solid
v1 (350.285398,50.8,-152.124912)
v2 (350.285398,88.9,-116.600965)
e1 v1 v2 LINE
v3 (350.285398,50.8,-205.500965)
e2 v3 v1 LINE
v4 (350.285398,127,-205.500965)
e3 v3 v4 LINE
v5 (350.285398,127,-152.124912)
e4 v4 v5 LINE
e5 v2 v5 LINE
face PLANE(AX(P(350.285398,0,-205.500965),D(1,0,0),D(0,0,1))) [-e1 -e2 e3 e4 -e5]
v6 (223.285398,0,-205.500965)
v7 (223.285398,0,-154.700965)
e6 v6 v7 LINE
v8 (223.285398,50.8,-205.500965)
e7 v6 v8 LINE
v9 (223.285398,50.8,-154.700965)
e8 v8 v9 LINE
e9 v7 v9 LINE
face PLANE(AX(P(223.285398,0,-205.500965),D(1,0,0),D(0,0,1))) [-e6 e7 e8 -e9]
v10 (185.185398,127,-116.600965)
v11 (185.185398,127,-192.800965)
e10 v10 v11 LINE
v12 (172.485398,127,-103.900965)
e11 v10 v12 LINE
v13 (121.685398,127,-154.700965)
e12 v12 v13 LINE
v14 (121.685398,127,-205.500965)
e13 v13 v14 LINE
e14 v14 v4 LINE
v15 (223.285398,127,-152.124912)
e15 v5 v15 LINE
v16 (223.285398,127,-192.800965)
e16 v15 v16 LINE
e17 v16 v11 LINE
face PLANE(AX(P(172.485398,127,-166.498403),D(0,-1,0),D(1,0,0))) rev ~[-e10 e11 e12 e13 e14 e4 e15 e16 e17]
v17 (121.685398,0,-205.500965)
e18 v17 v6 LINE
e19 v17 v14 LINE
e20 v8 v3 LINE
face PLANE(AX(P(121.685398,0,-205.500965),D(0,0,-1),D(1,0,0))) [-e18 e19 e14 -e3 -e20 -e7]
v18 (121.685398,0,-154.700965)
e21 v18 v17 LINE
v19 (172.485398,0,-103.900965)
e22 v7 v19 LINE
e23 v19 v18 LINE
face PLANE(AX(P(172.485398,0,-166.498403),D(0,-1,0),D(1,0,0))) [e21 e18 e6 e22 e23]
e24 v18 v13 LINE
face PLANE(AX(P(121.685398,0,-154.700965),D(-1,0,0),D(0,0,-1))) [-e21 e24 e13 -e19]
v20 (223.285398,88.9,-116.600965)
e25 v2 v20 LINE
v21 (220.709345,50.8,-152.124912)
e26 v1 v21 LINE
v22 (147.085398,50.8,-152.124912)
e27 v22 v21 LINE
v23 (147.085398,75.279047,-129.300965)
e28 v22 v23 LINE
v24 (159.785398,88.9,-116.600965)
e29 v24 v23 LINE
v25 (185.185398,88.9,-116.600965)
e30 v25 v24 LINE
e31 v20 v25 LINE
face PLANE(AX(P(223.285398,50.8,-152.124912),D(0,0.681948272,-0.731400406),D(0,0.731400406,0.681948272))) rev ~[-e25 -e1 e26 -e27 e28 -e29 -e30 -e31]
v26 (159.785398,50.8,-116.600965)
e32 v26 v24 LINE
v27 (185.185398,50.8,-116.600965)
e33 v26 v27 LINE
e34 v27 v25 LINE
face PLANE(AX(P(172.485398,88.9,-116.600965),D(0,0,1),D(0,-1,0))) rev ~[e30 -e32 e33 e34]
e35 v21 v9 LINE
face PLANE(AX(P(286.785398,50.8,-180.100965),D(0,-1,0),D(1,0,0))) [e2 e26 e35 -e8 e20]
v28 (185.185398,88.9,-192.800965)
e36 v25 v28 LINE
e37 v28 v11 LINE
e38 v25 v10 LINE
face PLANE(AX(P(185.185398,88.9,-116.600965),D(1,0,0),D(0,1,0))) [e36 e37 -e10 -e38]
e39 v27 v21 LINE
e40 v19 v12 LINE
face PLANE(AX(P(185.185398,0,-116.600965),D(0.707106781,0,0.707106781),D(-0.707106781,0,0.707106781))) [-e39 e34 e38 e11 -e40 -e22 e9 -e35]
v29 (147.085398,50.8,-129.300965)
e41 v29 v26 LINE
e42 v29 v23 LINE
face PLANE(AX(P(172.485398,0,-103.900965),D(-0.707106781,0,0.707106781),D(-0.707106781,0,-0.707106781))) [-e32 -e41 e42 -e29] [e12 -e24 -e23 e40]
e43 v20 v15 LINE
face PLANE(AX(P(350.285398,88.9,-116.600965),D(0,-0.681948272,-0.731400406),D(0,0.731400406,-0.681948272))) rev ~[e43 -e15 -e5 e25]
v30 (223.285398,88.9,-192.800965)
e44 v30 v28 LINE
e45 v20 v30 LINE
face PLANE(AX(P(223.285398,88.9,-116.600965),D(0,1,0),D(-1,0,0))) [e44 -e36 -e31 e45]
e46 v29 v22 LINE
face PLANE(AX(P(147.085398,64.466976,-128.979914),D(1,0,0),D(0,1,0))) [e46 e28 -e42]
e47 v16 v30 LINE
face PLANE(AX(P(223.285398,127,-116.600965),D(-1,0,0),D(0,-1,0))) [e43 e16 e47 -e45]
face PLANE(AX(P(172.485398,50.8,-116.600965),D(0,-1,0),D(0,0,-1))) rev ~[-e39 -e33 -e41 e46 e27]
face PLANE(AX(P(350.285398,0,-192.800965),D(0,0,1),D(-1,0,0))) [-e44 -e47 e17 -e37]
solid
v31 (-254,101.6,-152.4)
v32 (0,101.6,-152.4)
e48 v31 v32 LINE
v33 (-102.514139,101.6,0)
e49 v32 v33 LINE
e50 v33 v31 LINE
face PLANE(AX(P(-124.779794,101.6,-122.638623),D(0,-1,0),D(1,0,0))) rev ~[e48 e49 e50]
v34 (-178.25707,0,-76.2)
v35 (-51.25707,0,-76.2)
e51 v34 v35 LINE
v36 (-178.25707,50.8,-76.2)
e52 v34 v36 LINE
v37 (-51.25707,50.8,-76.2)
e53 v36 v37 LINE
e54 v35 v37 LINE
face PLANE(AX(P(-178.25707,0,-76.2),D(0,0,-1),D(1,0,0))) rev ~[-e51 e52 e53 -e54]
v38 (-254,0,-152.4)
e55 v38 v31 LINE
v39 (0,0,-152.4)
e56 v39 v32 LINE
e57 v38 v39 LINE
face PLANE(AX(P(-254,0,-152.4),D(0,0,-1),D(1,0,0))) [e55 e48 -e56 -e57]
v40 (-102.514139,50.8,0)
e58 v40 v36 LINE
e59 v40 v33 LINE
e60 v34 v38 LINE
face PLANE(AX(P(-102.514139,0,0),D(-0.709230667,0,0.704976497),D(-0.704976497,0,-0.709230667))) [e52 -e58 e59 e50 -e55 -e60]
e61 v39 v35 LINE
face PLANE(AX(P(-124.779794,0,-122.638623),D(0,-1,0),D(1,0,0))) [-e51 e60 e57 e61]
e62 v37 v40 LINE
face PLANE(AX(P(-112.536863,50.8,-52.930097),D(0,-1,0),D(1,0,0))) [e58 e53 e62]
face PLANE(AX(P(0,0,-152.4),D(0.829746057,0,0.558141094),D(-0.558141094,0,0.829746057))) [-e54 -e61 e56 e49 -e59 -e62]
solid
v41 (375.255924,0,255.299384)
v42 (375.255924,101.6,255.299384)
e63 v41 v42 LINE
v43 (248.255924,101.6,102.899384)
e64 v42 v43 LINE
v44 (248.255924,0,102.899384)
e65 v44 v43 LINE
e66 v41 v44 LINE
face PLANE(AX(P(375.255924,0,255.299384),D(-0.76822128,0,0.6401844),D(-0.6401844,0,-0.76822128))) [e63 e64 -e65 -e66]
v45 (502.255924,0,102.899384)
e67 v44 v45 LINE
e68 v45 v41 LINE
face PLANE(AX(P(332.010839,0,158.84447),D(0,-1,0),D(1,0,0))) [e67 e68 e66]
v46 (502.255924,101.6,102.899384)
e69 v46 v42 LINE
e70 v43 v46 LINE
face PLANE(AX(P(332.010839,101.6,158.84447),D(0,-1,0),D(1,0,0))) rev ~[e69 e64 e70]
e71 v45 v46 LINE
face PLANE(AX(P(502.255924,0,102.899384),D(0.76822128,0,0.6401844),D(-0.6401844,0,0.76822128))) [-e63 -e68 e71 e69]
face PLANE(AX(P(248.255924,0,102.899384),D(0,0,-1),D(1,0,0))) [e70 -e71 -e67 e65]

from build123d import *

# Parameters (mm, degrees)
F1_DEPTH  = 101.6
F3_DEPTH  = 50.8
F5_DEPTH  = 101.6
F6_W      = 127
F6_H      = 50.8
F7_DEPTH  = 127
F8_DEPTH  = 50.8
F9_DEPTH  = 50.8
F11_DEPTH = 127
F12_DEPTH = 50.8
F13_DEPTH = 25.4
F14_DEPTH = 76.2


with BuildPart() as f1:
    # F0 (on Front) → F1 (new body)
    with BuildSketch(Plane.XZ):
        Polygon((-254, -152.4), (0, -152.4), (-51.2570695464, -76.2), (-178.2570695464, -76.2), align=None)
        Polygon((-178.2570695464, -76.2), (-51.2570695464, -76.2), (-102.5141390928, 0), align=None)
    extrude(amount=-F1_DEPTH)

    # F2 (on face) → F3 (cut)
    with BuildSketch(Plane.XZ):
        Polygon((-102.5141390928, 0), (-178.2570695464, -76.2), (-51.2570695464, -76.2), align=None)
    extrude(amount=-F3_DEPTH, mode=Mode.SUBTRACT)


with BuildPart() as f5:
    # F4 (on Front) → F5 (new body)
    with BuildSketch(Plane.XZ):
        Polygon((375.2559241105, 255.2993844524), (248.2559241105, 102.8993844524), (375.2559241105, 102.8993844524), align=None)
        Polygon((375.2559241105, 255.2993844524), (375.2559241105, 102.8993844524), (502.2559241105, 102.8993844524), align=None)
    extrude(amount=-F5_DEPTH)


with BuildPart() as f7:
    # F6 (on Front) → F7 (new body)
    with BuildSketch(Plane.XZ):
        Polygon((121.6853982925, -205.5009646893), (223.2853982925, -205.5009646893), (223.2853982925, -154.7009646893), (185.1853982925, -116.6009646893), (172.4853982925, -103.9009646893), (121.6853982925, -154.7009646893), align=None)
        Polygon((223.2853982925, -154.7009646893), (350.2853982925, -154.7009646893), (350.2853982925, -116.6009646893), (185.1853982925, -116.6009646893), align=None)
        with Locations((286.7853982925, -180.1009646893)):
            Rectangle(F6_W, F6_H)
    extrude(amount=-F7_DEPTH)

    # F6 (on Front) → F8 (cut)
    with BuildSketch(Plane.XZ):
        with Locations((286.7853982925, -180.1009646893)):
            Rectangle(F6_W, F6_H)
    extrude(amount=-F8_DEPTH, mode=Mode.SUBTRACT)

    # F6 (on Front) → F9 (cut)
    with BuildSketch(Plane.XZ):
        Polygon((223.2853982925, -154.7009646893), (350.2853982925, -154.7009646893), (350.2853982925, -116.6009646893), (185.1853982925, -116.6009646893), align=None)
    extrude(amount=-F9_DEPTH, mode=Mode.SUBTRACT)

    # F10 (on face) → F11 (cut)
    with BuildSketch(Plane.YZ.offset(350.2853982925)):
        Polygon((50.8, -116.6009646893), (50.8, -152.1249115467), (88.9, -116.6009646893), align=None)
        Polygon((127, -116.6009646893), (88.9, -116.6009646893), (127, -152.1249115467), align=None)
    extrude(amount=-F11_DEPTH, mode=Mode.SUBTRACT)

    # F12 (cut): a face of the model
    f12_faces = [f7.faces().sort_by_distance(p)[0] for p in [
        (223.2853982925, 63.5, -128.4422803084),
    ]]
    extrude(f12_faces, amount=-F12_DEPTH, mode=Mode.SUBTRACT)

    # F13 (cut): a face of the model
    f13_faces = [f7.faces().sort_by_distance(p)[0] for p in [
        (172.4853982925, 63.5, -128.4422803084),
    ]]
    extrude(f13_faces, amount=-F13_DEPTH, mode=Mode.SUBTRACT)

    # F14 (cut): a face of the model
    f14_faces = [f7.faces().sort_by_distance(p)[0] for p in [
        (204.2353982925, 107.95, -116.6009646893),
    ]]
    extrude(f14_faces, amount=-F14_DEPTH, mode=Mode.SUBTRACT)


solid = Compound([f1.part, f5.part, f7.part])
